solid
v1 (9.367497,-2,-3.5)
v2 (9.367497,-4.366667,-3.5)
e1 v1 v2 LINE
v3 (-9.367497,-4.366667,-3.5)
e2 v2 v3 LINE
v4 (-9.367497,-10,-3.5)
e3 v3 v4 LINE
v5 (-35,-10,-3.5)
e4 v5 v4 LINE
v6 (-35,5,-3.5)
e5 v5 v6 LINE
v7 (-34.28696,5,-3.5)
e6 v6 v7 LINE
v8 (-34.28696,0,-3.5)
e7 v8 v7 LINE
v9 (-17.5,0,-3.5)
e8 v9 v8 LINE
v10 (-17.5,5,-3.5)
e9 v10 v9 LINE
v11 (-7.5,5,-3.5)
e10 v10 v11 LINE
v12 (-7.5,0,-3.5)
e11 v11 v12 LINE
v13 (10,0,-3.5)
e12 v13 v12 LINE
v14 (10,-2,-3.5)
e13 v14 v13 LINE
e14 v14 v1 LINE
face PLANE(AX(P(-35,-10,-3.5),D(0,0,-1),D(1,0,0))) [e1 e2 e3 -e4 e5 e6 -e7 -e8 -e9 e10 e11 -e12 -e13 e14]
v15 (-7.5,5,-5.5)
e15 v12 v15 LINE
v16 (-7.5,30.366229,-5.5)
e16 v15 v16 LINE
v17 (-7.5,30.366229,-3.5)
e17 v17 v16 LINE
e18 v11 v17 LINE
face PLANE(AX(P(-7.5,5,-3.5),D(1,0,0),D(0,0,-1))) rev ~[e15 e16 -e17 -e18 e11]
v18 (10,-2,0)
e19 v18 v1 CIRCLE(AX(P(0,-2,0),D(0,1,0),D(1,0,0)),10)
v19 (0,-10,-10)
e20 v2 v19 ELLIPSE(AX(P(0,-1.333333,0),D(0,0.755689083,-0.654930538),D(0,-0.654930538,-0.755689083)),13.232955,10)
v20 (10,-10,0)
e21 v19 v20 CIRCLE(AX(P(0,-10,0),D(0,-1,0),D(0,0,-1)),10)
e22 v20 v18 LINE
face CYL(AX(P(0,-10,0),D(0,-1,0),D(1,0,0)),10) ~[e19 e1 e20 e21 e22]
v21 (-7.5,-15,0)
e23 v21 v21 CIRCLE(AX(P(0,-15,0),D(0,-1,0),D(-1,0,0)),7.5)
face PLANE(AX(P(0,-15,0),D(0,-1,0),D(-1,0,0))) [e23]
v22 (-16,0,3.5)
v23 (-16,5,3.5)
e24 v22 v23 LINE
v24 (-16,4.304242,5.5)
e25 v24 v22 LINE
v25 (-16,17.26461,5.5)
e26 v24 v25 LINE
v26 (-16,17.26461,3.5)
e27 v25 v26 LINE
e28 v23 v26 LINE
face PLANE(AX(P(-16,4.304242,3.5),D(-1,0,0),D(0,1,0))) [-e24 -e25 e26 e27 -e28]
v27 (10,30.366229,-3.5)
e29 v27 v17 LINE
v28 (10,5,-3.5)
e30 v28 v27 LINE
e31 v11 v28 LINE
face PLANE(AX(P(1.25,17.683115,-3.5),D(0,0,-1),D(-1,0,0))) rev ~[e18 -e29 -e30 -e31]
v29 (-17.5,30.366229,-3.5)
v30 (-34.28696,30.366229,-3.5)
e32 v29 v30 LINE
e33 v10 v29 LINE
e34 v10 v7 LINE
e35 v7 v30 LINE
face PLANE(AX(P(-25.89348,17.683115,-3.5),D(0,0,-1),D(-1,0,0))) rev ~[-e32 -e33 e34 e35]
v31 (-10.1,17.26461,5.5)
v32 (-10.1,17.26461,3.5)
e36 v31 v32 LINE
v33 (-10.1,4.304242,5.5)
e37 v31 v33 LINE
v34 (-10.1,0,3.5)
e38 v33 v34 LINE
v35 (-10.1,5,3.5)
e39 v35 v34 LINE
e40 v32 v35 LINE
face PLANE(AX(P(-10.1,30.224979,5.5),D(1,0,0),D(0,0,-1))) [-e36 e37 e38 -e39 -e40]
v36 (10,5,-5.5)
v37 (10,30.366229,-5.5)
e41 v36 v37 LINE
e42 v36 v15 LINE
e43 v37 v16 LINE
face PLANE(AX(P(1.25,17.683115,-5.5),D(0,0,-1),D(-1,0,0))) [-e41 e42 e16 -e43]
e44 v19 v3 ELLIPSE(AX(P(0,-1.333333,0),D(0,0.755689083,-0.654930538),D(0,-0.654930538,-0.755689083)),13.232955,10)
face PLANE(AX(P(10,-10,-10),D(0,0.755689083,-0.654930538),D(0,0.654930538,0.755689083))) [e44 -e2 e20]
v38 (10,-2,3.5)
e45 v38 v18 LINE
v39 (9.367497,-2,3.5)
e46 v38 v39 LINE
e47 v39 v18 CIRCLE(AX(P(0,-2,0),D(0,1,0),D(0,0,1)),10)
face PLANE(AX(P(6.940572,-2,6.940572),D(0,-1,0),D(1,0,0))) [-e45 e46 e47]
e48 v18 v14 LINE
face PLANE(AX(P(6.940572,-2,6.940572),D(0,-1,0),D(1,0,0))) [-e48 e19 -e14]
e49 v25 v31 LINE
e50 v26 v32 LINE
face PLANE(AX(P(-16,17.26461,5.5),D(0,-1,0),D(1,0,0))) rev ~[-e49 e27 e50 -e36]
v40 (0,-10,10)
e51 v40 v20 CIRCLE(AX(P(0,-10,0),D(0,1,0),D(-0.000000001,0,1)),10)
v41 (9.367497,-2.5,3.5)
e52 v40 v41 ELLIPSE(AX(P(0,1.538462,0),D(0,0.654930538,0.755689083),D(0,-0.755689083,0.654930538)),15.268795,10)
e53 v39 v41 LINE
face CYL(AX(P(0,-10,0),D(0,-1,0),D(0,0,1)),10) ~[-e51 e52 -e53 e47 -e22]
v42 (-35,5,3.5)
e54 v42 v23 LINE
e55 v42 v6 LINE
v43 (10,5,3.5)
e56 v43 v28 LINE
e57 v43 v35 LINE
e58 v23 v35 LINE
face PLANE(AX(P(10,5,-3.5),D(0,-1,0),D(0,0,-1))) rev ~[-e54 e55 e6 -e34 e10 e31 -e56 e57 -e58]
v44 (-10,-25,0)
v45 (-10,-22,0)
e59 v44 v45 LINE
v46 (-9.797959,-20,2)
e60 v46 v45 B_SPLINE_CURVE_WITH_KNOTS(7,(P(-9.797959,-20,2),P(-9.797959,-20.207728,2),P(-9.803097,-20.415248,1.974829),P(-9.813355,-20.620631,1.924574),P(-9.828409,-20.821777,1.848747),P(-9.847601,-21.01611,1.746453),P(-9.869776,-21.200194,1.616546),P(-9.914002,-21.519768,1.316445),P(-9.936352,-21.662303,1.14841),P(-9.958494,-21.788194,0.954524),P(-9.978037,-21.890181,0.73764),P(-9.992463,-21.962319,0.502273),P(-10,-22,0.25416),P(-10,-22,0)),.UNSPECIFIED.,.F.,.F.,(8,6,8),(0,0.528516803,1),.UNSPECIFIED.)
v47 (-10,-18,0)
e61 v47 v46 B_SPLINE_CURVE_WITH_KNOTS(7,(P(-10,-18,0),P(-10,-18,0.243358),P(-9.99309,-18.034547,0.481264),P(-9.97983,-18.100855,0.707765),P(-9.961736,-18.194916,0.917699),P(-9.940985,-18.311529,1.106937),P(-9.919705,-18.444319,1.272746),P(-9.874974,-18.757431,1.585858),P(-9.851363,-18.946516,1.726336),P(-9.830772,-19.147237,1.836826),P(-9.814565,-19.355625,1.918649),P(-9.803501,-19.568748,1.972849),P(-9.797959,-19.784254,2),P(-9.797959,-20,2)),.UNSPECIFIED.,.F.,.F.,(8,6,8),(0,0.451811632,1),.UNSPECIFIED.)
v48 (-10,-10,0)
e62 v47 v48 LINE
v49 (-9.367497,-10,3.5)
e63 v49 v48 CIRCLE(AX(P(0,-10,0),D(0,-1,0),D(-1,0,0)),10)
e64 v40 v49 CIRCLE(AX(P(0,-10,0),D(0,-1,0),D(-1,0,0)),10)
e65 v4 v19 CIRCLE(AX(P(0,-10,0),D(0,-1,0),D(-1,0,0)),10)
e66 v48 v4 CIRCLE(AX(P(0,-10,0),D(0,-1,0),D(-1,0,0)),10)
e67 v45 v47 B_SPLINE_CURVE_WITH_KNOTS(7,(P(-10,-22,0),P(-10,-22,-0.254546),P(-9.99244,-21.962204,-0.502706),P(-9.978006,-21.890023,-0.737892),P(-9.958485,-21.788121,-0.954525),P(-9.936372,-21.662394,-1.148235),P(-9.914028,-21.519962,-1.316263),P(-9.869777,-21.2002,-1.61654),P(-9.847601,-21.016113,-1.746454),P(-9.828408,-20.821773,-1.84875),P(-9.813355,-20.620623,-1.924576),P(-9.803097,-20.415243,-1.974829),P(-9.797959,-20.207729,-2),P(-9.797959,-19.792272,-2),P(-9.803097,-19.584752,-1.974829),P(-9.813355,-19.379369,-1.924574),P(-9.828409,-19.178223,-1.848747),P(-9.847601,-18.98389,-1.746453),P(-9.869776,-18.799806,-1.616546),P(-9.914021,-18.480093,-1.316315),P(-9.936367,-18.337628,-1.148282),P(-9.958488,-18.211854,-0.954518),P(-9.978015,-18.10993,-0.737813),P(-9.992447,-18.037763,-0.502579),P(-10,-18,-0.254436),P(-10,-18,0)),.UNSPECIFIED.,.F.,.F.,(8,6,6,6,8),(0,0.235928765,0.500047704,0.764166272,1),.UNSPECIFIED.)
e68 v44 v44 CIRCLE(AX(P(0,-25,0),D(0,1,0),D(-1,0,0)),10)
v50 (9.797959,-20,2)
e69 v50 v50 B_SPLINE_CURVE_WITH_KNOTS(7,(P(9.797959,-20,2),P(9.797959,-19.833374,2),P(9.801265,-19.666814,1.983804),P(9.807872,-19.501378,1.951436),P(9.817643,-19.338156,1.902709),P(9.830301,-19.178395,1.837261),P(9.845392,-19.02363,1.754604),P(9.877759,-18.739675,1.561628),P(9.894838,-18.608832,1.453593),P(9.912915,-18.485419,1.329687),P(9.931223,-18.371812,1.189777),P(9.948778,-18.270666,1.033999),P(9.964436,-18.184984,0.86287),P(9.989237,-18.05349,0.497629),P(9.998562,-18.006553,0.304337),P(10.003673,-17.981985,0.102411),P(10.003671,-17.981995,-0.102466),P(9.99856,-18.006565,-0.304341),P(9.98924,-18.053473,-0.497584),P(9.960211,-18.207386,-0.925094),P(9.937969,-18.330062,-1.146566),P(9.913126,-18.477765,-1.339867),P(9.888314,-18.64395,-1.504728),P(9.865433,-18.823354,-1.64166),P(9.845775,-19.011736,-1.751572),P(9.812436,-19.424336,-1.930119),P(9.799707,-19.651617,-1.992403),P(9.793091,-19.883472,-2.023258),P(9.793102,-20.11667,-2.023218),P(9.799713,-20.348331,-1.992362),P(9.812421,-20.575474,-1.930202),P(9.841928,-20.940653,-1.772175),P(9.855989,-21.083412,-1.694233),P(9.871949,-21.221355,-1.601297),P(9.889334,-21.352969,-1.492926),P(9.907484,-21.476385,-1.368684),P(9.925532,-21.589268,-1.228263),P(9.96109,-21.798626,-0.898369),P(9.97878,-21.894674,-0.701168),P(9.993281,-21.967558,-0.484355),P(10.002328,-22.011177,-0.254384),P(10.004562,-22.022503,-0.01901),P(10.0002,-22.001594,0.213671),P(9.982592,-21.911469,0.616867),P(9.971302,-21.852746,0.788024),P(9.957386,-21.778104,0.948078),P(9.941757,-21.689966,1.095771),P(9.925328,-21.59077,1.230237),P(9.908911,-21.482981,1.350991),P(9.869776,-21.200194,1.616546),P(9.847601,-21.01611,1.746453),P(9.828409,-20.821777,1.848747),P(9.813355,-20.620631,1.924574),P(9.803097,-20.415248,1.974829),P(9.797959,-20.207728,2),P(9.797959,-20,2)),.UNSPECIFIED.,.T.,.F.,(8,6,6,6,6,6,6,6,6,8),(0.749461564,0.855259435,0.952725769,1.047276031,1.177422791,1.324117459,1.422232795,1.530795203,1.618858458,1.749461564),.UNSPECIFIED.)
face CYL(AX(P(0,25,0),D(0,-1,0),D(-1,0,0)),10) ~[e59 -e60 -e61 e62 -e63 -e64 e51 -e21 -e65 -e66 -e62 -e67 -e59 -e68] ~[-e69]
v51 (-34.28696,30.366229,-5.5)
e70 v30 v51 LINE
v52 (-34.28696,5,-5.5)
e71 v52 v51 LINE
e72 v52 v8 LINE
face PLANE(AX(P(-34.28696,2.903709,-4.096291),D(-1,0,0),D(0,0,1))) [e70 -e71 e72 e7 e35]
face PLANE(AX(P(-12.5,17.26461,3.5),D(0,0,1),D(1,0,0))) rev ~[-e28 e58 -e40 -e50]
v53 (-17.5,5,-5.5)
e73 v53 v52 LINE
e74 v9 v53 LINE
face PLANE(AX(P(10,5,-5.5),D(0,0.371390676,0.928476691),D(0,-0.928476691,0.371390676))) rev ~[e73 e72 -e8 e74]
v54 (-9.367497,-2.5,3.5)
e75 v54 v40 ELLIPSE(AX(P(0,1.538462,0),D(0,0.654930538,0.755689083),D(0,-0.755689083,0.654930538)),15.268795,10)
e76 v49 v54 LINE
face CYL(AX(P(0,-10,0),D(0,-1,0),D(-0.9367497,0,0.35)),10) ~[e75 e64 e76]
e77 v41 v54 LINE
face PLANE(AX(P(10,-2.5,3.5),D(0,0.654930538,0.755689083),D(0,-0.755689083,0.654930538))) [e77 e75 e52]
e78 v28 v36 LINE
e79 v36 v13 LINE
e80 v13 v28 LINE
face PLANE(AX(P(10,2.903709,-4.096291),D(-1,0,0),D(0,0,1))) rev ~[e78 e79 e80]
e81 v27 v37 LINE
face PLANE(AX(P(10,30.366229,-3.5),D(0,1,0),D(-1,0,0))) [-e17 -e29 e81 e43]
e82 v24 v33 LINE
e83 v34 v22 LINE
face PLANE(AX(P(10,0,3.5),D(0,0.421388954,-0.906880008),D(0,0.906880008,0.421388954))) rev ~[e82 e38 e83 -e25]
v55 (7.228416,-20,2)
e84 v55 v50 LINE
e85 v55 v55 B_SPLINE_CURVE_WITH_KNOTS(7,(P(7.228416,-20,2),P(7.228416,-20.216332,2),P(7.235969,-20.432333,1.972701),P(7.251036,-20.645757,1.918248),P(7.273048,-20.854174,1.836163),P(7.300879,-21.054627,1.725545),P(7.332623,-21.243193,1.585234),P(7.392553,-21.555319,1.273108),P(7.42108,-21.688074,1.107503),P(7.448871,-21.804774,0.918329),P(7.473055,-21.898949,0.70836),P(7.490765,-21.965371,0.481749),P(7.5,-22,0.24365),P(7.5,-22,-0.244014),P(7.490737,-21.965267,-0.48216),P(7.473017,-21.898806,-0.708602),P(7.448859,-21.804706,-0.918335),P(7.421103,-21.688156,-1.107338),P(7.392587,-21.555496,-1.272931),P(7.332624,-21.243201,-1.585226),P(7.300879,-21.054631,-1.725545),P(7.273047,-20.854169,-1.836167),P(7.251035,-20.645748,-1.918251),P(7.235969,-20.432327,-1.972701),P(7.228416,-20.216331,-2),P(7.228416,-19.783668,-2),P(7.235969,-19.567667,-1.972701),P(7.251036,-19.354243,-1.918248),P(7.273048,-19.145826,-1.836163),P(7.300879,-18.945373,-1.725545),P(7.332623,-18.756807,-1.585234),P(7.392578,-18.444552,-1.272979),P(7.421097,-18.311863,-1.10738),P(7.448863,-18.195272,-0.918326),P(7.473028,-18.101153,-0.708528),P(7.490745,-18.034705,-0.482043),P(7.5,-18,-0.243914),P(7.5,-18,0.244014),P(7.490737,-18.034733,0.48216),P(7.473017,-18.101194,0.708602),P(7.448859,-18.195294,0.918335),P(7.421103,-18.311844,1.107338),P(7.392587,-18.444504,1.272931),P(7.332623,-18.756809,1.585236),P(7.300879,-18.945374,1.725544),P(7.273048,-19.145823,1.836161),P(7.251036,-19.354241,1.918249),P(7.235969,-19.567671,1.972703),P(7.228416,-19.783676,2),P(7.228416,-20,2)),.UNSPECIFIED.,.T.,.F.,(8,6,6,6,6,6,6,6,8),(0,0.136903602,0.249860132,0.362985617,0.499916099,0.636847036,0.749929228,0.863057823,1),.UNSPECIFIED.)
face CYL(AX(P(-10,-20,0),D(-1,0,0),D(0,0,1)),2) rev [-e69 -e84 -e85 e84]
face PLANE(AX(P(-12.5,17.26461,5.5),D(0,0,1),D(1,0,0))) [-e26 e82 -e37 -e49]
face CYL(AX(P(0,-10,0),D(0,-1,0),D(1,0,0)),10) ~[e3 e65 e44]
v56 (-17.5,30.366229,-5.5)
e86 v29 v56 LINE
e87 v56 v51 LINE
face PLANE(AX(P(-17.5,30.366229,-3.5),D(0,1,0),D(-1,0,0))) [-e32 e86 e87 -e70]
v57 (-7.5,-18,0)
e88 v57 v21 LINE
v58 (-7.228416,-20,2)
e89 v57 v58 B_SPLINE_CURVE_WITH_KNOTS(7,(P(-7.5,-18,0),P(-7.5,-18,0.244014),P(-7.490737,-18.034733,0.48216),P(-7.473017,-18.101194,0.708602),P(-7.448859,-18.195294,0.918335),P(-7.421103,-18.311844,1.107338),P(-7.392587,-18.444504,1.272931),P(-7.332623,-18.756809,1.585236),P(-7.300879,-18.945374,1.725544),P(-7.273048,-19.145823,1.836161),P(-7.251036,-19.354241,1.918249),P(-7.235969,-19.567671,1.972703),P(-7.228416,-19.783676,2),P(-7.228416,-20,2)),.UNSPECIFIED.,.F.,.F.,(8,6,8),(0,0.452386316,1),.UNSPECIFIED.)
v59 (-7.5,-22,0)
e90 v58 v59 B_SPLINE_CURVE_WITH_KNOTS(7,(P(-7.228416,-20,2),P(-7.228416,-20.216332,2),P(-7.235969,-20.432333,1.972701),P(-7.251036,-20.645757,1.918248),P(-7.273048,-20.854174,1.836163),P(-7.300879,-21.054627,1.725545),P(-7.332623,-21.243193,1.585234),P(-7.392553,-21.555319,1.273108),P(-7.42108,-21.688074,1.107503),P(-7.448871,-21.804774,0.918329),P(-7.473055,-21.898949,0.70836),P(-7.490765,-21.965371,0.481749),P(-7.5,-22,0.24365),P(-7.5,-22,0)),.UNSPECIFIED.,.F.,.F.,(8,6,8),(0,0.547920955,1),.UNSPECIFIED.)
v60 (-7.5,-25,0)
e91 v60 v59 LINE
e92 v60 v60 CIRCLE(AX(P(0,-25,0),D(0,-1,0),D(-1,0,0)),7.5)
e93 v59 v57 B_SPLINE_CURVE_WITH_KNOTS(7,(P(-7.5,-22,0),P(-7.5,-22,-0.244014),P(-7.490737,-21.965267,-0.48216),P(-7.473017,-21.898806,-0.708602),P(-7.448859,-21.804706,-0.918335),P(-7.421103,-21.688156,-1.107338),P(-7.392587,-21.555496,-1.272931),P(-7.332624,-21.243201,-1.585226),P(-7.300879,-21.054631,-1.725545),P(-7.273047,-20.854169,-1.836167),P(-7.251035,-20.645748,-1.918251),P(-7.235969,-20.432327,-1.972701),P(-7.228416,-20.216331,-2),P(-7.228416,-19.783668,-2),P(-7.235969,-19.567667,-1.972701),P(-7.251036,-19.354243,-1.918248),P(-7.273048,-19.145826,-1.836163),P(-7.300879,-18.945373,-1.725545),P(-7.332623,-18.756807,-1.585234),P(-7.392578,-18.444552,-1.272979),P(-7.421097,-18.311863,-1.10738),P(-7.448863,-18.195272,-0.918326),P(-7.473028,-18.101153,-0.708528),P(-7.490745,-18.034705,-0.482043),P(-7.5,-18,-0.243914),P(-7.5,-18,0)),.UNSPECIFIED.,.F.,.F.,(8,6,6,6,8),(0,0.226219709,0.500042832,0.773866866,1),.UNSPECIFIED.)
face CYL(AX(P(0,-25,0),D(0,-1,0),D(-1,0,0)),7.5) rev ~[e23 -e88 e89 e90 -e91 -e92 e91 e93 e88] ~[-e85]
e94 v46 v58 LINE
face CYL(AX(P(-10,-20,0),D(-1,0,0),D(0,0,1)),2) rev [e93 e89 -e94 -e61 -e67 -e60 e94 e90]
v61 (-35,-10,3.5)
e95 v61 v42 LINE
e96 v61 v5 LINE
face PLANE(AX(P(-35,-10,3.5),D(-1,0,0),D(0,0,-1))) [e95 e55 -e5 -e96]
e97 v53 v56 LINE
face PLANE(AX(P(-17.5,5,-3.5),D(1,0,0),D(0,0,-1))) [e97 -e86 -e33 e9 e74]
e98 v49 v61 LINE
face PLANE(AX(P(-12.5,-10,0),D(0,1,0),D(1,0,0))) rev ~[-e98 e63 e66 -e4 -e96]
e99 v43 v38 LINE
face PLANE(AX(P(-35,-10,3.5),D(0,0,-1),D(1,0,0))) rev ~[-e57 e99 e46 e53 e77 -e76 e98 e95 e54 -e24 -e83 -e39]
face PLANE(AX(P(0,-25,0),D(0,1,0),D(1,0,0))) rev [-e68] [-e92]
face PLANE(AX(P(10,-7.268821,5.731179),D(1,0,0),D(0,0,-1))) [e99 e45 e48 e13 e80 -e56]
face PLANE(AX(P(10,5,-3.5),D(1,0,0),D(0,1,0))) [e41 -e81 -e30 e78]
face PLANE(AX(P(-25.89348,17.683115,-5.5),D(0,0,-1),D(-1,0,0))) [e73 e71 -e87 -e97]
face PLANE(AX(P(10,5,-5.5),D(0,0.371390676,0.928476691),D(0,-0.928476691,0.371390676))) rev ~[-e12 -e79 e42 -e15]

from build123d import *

# Parameters (mm, degrees)
SKETCH2_R               = 10
BOSS_EXTRUDE1_DEPTH     = 30
CUT_EXTRUDE1_START      = -10
SKETCH3_R               = 10
SKETCH3_R_2             = 7.5
CUT_EXTRUDE1_DEPTH      = 10
CUT_EXTRUDE3_DEPTH      = 10
CUT_EXTRUDE3_DEPTH_BACK = 10
SKETCH5_R               = 2
FILLET2_R               = 10
BOSS_EXTRUDE2_START     = -67.5
SKETCH7_R               = 10
BOSS_EXTRUDE2_DEPTH     = 67.5
SKETCH8_R               = 50
SKETCH8_R_2             = 10
CUT_EXTRUDE6_DEPTH      = 107.770782567
SKETCH9_R               = 7.5
CUT_EXTRUDE7_DEPTH      = 10
CUT_EXTRUDE8_DEPTH      = 10
CUT_EXTRUDE8_DEPTH_BACK = 10
SKETCH10_R              = 2
CUT_EXTRUDE9_DEPTH      = 48
CUT_EXTRUDE9_DEPTH_BACK = 29
SKETCH12_W              = 23.028444079
SKETCH12_H              = 65
SKETCH13_W              = 45
SKETCH13_H              = 7
BOSS_EXTRUDE3_DEPTH     = 15
SKETCH14_W              = 7
SKETCH14_H              = 25.920736851
BOSS_EXTRUDE4_DEPTH     = 2
SKETCH15_W              = 17.5
SKETCH15_H              = 25.366229316
BOSS_EXTRUDE5_DEPTH     = 2
SKETCH15_W_2            = 16.786959534
BOSS_EXTRUDE5_2_DEPTH   = 2
BOSS_EXTRUDE6_START     = -44.28696
BOSS_EXTRUDE6_DEPTH     = 44.28696
SKETCH17_W              = 10
SKETCH17_H              = 2
SKETCH17_W_2            = 18.286959534
SKETCH17_W_3            = 19
CUT_EXTRUDE10_DEPTH     = 8
BOSS_EXTRUDE7_DEPTH     = 19.367497
CUT_EXTRUDE11_DEPTH     = 8
SKETCH22_W              = 1.1
SKETCH22_H              = 2
CUT_EXTRUDE12_DEPTH     = 32
SKETCH23_W              = 5.9
SKETCH23_H              = 12.960368426
CUT_EXTRUDE13_DEPTH     = 10


with BuildPart() as part:
    # Sketch1 → Revolve1 (revolve)
    with BuildSketch(Plane.XY):
        Polygon((50, 25), (0, 25), (0, 22.5), (45, 22.5), (45, -22.5), (0, -22.5), (0, -25), (50, -25), align=None)
    revolve(axis=Axis((0, -25, 0), (0, 1, 0)))

    # Sketch2 → Boss-Extrude1 (add)
    with BuildSketch(Plane(origin=(0, 25, 0), x_dir=(1, 0, 0), z_dir=(0, 1, 0))):
        with Locations(Location((0, 0, 0), (0, 0, 180))):
            Circle(SKETCH2_R)
    extrude(amount=BOSS_EXTRUDE1_DEPTH)

    # Sketch3 → Cut-Extrude1 (cut)
    with BuildSketch(Plane(origin=(0, 55, 0), x_dir=(1, 0, 0), z_dir=(0, 1, 0)).offset(CUT_EXTRUDE1_START)):
        with Locations(Location((0, 0, 0), (0, 0, 180))):
            Circle(SKETCH3_R)
        with Locations(Location((0, 0, 0), (0, 0, 180))):
            Circle(SKETCH3_R_2, mode=Mode.SUBTRACT)
    extrude(amount=CUT_EXTRUDE1_DEPTH, mode=Mode.SUBTRACT)

    # Sketch5 → Cut-Extrude3 (cut, two sides: drawn at the far end of the back side and taken through both)
    with BuildSketch(Plane(origin=(0, 0, 0), x_dir=(0, 0, -1), z_dir=(1, 0, 0)).offset(-CUT_EXTRUDE3_DEPTH_BACK)):
        with Locations(Location((0, 50, 0), (0, 0, 180))):
            Circle(SKETCH5_R)
    extrude(amount=CUT_EXTRUDE3_DEPTH + CUT_EXTRUDE3_DEPTH_BACK, mode=Mode.SUBTRACT)

    # Fillet2
    fillet2_edges = [part.edges().sort_by_distance(p)[0] for p in [
        (-50, 25, 0),
    ]]
    fillet(fillet2_edges, radius=FILLET2_R)

    # Sketch7 → Boss-Extrude2 (add)
    with BuildSketch(Plane(origin=(0, 45, 0), x_dir=(1, 0, 0), z_dir=(0, 1, 0)).offset(BOSS_EXTRUDE2_START)):
        with Locations(Location((0, 0, 0), (0, 0, 180))):
            Circle(SKETCH7_R)
    extrude(amount=BOSS_EXTRUDE2_DEPTH)

    # Sketch8 → Cut-Extrude6 (cut, through all)
    with BuildSketch(Plane(origin=(0, 55, 0), x_dir=(1, 0, 0), z_dir=(0, 1, 0))):
        Circle(SKETCH8_R)
        with Locations(Location((0, 0, 0), (0, 0, 180))):
            Circle(SKETCH8_R_2, mode=Mode.SUBTRACT)
    extrude(amount=-CUT_EXTRUDE6_DEPTH, mode=Mode.SUBTRACT)

    # Sketch9 → Cut-Extrude7 (cut)
    with BuildSketch(Plane.XZ.offset(25)):
        with Locations(Location((0, 0, 0), (0, 0, 180))):
            Circle(SKETCH9_R)
    extrude(amount=-CUT_EXTRUDE7_DEPTH, mode=Mode.SUBTRACT)

    # Sketch10 → Cut-Extrude8 (cut, two sides: drawn at the far end of the back side and taken through both)
    with BuildSketch(Plane(origin=(0, 0, 0), x_dir=(0, 0, -1), z_dir=(1, 0, 0)).offset(-CUT_EXTRUDE8_DEPTH_BACK)):
        with Locations(Location((0, -20, 0), (0, 0, 180))):
            Circle(SKETCH10_R)
    extrude(amount=CUT_EXTRUDE8_DEPTH + CUT_EXTRUDE8_DEPTH_BACK, mode=Mode.SUBTRACT)

    # Sketch12 → Cut-Extrude9 (cut, two sides: drawn at the far end of the back side and taken through both)
    with BuildSketch(Plane(origin=(0, 0, 0), x_dir=(0, 0, -1), z_dir=(1, 0, 0)).offset(-CUT_EXTRUDE9_DEPTH_BACK)):
        with Locations((0.475794299, 22.5)):
            Rectangle(SKETCH12_W, SKETCH12_H)
    extrude(amount=CUT_EXTRUDE9_DEPTH + CUT_EXTRUDE9_DEPTH_BACK, mode=Mode.SUBTRACT)

    # Sketch13 → Boss-Extrude3 (add)
    with BuildSketch(Plane(origin=(0, -10, 0), x_dir=(1, 0, 0), z_dir=(0, 1, 0))):
        with Locations((-12.5, 0)):
            Rectangle(SKETCH13_W, SKETCH13_H)
    extrude(amount=BOSS_EXTRUDE3_DEPTH)

    # Sketch14 → Boss-Extrude4 (add)
    with BuildSketch(Plane.XY.offset(3.5)):
        with Locations((-12.5, 17.264610389)):
            Rectangle(SKETCH14_W, SKETCH14_H)
    extrude(amount=BOSS_EXTRUDE4_DEPTH)



with BuildPart() as body_2:
    # Sketch15 → Boss-Extrude5 (new body)
    with BuildSketch(Plane(origin=(0, 0, -3.5), x_dir=(-1, 0, 0), z_dir=(0, 0, -1))):
        with Locations((-1.25, 17.683114658)):
            Rectangle(SKETCH15_W, SKETCH15_H)
    extrude(amount=BOSS_EXTRUDE5_DEPTH)


with BuildPart() as body_3:
    # Sketch15 → Boss-Extrude5 2 (new body)
    with BuildSketch(Plane(origin=(0, 0, -3.5), x_dir=(-1, 0, 0), z_dir=(0, 0, -1))):
        with Locations((25.893479767, 17.683114658)):
            Rectangle(SKETCH15_W_2, SKETCH15_H)
    extrude(amount=BOSS_EXTRUDE5_2_DEPTH)


with BuildPart() as part_1:
    add(part.part)

    add(body_2.part)  # Boss-Extrude6 merges body 2

    add(body_3.part)  # Boss-Extrude6 merges body 3
    # Sketch16 → Boss-Extrude6 (add)
    with BuildSketch(Plane.ZY.offset(34.286959534).offset(BOSS_EXTRUDE6_START)):
        Polygon((-5.5, 5), (-3.5, 0), (-3.5, 5), align=None)
        Polygon((3.5, 0), (5.5, 4.304241963), (3.5, 4.304241963), align=None)
    extrude(amount=BOSS_EXTRUDE6_DEPTH)

    # Sketch17 → Cut-Extrude10 (cut)
    with BuildSketch(Plane(origin=(0, 5, 0), x_dir=(1, 0, 0), z_dir=(0, 1, 0))):
        with Locations((-12.5, 4.5)):
            Rectangle(SKETCH17_W, SKETCH17_H)
        with Locations((-25.143479767, -4.5)):
            Rectangle(SKETCH17_W_2, SKETCH17_H)
        with Locations((0.5, -4.5)):
            Rectangle(SKETCH17_W_3, SKETCH17_H)
    extrude(amount=-CUT_EXTRUDE10_DEPTH, mode=Mode.SUBTRACT)

    # Sketch18 → Boss-Extrude7 (add)
    with BuildSketch(Plane(origin=(10, 0, 0), x_dir=(0, 0, -1), z_dir=(1, 0, 0))):
        Polygon((-10, -10), (-3.5, -10), (-3.5, -2.5), align=None)
        Polygon((10, -10), (3.5, -4.366666667), (3.5, -10), align=None)
    extrude(amount=-BOSS_EXTRUDE7_DEPTH)

    # Sketch19 → Cut-Extrude11 (cut)
    with BuildSketch(Plane.XZ.offset(10)):
        with BuildLine():
            ThreePointArc((0, 10), (7.071067812, 7.071067812), (10, 0))
            Line((10, 0), (10, 10))
            Line((10, 10), (0, 10))
        make_face()
        with BuildLine():
            Line((-13.702189606, 3.5), (-9.367496998, 3.5))
            ThreePointArc((-9.367496998, 3.5), (-5.700877125, 8.215838363), (0, 10))
            Line((0, 10), (10, 10))
            ThreePointArc((10, 10), (-3.740194109, 13.638583065), (-13.702189606, 3.5))
        make_face()
        with BuildLine():
            ThreePointArc((10, 0), (1.778346145, -9.840603893), (-9.367496998, -3.5))
            Line((-9.367496998, -3.5), (-13.702189606, -3.5))
            ThreePointArc((-13.702189606, -3.5), (6.999217954, -12.288651188), (10, 10))
            Line((10, 10), (10, 0))
        make_face()
    extrude(amount=-CUT_EXTRUDE11_DEPTH, mode=Mode.SUBTRACT)

    # Sketch22 → Cut-Extrude12 (cut)
    with BuildSketch(Plane(origin=(0, 30.224978814, 0), x_dir=(1, 0, 0), z_dir=(0, 1, 0))):
        with Locations((-9.55, -4.5)):
            Rectangle(SKETCH22_W, SKETCH22_H)
    extrude(amount=-CUT_EXTRUDE12_DEPTH, mode=Mode.SUBTRACT)

    # Sketch23 → Cut-Extrude13 (cut)
    with BuildSketch(Plane.XY.offset(5.5)):
        with Locations((-13.05, 23.744794601)):
            Rectangle(SKETCH23_W, SKETCH23_H)
    extrude(amount=-CUT_EXTRUDE13_DEPTH, mode=Mode.SUBTRACT)


solid = part_1.part
